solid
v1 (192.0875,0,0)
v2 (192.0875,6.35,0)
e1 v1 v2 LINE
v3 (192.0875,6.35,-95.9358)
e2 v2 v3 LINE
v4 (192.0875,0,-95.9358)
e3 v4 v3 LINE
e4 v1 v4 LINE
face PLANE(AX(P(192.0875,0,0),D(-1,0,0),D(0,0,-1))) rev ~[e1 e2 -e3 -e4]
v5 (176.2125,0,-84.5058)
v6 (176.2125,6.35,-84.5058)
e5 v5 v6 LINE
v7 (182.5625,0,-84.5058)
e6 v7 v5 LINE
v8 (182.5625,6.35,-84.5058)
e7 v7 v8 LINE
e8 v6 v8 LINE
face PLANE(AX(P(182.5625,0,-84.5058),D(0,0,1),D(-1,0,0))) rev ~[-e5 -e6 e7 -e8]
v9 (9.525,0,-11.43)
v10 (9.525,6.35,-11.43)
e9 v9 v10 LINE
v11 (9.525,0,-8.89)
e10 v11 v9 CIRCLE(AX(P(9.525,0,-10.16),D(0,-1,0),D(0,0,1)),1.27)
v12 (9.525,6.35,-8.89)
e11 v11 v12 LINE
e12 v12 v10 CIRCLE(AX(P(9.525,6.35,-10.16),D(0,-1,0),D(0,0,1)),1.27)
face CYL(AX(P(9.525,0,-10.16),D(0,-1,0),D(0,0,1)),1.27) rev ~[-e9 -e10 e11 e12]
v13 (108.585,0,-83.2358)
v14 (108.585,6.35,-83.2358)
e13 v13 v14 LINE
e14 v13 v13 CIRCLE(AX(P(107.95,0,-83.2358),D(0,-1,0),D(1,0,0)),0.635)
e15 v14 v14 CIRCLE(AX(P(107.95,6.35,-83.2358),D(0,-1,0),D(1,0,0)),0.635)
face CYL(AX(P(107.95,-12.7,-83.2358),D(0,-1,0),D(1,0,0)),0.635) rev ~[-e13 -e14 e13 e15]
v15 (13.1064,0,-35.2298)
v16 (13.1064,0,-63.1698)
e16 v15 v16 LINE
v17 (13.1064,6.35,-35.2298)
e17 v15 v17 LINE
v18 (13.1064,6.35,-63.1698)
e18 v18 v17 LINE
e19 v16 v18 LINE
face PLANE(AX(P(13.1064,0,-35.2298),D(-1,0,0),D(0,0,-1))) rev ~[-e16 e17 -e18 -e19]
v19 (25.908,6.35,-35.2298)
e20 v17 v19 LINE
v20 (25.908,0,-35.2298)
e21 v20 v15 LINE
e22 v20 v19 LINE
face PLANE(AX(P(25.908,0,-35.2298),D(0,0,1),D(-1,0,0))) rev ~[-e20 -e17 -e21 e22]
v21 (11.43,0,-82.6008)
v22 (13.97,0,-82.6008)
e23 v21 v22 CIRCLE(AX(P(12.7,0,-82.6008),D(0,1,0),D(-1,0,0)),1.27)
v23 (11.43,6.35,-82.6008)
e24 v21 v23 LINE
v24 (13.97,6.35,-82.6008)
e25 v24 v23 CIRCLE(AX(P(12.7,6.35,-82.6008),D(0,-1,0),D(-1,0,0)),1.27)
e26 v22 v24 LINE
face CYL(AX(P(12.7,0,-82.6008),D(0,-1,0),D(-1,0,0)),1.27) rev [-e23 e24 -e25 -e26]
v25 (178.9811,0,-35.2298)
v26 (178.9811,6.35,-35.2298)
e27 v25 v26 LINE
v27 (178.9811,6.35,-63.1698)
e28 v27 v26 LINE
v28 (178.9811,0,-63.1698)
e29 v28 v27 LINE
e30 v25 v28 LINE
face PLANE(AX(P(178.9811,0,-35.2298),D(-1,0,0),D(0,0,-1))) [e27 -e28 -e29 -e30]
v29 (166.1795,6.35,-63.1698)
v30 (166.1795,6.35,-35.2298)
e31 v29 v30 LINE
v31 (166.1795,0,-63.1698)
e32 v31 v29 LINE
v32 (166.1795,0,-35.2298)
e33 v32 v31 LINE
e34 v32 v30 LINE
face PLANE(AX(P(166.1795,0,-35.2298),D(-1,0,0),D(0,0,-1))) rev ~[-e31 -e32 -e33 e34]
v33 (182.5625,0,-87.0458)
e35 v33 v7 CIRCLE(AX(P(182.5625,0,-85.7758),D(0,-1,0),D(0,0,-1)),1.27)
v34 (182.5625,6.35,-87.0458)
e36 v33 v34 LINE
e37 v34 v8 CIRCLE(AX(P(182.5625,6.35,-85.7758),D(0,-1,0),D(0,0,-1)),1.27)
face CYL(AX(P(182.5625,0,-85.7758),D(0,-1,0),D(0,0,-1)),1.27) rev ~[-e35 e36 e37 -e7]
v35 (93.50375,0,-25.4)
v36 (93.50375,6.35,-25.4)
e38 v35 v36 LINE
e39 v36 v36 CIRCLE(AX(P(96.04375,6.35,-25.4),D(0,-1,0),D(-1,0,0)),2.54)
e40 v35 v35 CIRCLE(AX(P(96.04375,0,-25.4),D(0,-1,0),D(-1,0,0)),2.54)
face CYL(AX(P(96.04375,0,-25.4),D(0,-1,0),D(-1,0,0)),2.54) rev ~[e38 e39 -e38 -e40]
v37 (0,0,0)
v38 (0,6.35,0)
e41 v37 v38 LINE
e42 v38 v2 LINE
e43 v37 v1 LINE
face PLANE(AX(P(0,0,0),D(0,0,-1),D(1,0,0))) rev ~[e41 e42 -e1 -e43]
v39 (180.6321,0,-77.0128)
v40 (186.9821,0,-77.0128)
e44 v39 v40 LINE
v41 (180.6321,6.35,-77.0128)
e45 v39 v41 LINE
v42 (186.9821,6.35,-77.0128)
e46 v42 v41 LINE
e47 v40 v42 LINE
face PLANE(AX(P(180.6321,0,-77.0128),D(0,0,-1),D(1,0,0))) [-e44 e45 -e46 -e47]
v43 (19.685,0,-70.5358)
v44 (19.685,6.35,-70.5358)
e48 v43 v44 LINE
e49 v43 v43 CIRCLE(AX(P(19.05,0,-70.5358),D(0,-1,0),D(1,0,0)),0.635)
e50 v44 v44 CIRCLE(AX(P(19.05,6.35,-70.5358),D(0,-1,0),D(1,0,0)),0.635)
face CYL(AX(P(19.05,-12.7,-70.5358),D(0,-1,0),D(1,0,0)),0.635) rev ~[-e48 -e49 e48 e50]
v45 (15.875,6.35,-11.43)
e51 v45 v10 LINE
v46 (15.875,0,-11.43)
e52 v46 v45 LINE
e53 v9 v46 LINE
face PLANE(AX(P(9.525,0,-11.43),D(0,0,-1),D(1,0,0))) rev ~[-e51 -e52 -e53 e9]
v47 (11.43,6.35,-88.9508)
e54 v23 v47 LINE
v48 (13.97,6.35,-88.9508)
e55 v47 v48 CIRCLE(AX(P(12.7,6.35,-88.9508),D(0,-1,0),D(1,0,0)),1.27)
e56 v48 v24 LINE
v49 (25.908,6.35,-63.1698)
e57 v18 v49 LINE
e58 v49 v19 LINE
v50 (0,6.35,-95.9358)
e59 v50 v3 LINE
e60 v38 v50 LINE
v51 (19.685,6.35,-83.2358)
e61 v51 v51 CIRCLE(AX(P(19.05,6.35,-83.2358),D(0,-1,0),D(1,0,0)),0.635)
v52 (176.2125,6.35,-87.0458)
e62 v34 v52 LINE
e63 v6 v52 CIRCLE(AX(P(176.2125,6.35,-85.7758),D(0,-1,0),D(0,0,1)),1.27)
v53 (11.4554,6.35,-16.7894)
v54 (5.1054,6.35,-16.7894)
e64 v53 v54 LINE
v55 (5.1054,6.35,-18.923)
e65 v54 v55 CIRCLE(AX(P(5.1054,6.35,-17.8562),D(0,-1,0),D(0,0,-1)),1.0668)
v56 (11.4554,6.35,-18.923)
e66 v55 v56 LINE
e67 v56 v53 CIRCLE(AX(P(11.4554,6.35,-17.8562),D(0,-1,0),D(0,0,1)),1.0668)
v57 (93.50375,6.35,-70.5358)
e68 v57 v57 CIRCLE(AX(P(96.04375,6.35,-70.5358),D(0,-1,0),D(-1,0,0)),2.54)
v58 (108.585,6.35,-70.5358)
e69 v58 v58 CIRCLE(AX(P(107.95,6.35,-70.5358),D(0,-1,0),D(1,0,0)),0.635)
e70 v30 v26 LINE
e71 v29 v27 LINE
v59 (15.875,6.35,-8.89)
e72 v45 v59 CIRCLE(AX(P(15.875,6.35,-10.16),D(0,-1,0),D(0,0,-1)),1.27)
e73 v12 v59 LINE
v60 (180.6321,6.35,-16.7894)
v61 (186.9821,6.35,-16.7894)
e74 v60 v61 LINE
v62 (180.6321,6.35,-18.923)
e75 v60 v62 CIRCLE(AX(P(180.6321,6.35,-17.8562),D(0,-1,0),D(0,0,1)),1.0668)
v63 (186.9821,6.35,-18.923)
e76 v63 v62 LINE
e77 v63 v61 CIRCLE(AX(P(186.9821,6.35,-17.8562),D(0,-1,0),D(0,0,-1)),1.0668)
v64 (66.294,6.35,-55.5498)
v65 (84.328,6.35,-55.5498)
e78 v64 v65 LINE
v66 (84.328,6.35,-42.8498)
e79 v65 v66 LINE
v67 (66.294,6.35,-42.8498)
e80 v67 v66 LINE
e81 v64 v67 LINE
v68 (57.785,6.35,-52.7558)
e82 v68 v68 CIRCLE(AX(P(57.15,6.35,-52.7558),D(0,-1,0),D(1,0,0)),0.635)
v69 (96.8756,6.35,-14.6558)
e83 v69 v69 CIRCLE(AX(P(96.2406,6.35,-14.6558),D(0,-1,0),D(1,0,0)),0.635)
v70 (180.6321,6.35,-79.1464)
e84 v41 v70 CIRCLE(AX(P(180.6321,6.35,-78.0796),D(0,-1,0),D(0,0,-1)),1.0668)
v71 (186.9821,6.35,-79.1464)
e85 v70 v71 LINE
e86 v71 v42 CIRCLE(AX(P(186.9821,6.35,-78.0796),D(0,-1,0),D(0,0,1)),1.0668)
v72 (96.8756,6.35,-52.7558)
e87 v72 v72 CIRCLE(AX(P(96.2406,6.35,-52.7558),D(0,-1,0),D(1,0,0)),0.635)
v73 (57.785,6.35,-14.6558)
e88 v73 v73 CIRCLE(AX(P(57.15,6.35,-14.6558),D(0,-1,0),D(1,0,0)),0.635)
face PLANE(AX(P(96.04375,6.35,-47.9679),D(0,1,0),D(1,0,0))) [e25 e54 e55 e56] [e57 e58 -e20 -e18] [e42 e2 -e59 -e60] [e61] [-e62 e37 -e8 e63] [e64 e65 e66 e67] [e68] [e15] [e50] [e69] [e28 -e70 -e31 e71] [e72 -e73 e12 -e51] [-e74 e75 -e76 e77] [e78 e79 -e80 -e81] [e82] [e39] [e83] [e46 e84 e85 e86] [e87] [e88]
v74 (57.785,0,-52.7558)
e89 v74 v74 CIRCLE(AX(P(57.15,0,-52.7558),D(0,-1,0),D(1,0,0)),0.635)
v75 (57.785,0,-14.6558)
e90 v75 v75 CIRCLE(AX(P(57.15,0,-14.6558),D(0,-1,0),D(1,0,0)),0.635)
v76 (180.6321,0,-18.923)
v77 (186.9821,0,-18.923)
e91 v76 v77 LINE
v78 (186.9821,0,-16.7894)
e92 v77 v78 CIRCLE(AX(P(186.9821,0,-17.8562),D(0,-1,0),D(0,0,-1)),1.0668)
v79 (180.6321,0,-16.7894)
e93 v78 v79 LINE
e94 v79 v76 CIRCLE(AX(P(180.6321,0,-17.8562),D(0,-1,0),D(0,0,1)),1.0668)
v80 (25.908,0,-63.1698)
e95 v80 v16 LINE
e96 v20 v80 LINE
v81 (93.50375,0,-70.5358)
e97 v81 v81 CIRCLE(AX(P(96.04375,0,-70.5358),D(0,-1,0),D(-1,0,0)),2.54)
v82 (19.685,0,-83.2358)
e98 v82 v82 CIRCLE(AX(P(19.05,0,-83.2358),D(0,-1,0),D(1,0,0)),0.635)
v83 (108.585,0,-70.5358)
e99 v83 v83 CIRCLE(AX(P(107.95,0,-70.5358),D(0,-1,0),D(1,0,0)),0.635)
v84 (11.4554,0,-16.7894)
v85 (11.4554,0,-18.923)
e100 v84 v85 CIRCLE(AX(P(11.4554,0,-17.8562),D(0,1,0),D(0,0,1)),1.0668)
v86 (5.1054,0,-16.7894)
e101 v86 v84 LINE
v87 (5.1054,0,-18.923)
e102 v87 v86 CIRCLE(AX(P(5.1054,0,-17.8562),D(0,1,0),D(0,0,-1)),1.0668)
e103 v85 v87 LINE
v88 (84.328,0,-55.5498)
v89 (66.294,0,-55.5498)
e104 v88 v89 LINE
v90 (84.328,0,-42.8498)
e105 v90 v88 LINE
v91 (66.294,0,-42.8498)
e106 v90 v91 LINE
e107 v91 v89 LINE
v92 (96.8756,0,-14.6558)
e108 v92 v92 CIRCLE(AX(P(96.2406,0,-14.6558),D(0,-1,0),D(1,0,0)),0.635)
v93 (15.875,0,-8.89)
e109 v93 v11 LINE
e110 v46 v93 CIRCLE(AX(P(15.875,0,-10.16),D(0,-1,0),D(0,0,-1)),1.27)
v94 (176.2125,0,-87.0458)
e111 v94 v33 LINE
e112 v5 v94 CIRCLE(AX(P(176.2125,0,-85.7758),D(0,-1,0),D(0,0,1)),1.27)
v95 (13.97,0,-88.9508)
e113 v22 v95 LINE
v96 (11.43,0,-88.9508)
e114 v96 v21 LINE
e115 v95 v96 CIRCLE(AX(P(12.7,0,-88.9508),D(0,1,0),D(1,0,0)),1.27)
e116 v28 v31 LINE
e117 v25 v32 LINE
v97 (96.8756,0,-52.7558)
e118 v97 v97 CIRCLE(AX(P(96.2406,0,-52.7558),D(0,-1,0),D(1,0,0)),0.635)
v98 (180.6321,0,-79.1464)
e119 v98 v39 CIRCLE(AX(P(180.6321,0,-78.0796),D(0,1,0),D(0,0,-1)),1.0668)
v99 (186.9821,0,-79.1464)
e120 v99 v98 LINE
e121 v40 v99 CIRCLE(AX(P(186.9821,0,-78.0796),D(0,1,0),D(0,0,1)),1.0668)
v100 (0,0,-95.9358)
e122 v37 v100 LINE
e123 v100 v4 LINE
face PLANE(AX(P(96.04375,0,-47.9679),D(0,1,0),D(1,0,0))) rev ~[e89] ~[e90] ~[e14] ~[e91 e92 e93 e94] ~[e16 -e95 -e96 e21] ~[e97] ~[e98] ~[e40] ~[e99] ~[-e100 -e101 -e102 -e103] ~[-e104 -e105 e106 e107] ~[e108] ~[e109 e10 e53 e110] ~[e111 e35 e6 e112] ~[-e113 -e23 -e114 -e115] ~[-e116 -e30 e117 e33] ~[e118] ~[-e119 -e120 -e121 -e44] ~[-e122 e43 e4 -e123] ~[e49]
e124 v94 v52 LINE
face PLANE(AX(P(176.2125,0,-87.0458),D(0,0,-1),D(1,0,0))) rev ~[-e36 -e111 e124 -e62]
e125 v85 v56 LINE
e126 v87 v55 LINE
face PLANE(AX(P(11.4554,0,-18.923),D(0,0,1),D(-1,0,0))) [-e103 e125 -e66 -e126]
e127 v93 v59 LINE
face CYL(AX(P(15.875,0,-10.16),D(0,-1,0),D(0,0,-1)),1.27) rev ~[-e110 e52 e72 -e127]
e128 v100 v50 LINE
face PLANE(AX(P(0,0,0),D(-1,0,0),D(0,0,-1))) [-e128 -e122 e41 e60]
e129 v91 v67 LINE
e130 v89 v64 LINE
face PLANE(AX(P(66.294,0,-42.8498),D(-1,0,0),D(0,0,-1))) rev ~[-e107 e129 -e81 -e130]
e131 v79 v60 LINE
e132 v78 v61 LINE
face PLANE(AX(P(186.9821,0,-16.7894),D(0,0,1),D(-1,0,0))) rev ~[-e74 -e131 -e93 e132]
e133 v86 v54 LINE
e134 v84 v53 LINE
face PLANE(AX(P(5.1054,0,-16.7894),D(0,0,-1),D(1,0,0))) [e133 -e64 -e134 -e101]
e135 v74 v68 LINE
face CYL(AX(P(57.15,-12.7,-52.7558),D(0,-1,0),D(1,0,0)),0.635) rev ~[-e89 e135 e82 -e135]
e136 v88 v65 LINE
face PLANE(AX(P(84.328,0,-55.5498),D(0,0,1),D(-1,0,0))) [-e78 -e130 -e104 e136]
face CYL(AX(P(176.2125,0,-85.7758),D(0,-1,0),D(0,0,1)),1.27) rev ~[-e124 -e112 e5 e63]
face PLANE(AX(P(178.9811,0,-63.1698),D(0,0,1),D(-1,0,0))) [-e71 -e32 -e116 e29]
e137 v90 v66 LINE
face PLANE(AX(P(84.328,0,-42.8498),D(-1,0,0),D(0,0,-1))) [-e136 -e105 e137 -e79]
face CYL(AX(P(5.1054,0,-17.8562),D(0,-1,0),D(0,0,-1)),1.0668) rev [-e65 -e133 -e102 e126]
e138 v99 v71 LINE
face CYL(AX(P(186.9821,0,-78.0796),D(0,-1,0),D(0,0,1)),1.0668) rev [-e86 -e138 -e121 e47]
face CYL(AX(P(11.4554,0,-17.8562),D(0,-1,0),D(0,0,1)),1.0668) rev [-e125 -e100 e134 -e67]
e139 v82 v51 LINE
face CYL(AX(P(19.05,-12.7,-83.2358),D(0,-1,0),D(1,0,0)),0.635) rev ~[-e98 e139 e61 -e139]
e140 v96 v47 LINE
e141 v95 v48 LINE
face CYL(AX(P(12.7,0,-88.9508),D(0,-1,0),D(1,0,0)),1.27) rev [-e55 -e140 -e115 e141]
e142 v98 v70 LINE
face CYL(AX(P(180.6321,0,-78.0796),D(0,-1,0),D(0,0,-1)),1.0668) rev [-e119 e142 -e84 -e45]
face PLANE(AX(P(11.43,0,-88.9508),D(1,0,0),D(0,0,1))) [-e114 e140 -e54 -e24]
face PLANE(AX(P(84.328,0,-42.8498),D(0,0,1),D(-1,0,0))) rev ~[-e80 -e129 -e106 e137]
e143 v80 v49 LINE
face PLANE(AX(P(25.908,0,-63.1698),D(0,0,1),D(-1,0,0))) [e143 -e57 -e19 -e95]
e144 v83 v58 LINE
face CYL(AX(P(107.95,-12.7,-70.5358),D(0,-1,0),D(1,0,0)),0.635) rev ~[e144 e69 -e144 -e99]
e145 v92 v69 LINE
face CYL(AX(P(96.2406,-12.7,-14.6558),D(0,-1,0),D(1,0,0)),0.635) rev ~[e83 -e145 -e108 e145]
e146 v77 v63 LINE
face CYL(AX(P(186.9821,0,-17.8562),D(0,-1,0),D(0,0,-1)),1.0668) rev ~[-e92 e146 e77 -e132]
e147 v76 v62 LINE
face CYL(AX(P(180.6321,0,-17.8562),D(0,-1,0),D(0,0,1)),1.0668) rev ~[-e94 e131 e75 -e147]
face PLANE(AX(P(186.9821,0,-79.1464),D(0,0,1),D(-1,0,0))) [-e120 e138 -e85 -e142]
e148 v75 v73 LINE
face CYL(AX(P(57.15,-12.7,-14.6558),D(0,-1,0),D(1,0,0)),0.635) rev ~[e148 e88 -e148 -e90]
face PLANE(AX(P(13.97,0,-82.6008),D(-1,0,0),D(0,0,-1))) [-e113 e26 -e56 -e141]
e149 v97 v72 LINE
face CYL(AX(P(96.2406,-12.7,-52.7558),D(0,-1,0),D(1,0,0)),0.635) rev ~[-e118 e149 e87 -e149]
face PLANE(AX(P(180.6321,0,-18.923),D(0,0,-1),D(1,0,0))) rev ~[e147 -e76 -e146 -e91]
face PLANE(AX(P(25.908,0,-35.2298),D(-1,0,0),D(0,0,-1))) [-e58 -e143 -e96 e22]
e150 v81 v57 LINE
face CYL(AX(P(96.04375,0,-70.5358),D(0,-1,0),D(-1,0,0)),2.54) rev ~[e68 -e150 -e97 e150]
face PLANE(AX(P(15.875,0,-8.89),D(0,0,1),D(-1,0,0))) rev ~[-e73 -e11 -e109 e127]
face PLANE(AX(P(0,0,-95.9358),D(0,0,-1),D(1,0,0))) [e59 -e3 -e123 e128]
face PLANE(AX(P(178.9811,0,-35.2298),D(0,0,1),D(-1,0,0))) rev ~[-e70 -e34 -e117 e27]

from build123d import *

# Parameters (mm, degrees)
SKETCH1_W           = 192.0875
SKETCH1_H           = 95.9358
BOSS_EXTRUDE1_DEPTH = 6.35
SKETCH8_R           = 0.635
CUT_EXTRUDE2_DEPTH  = 20.05
SKETCH3_R           = 2.54
SKETCH3_W           = 12.8016
SKETCH3_H           = 27.94
SKETCH3_W_2         = 18.034
SKETCH3_H_2         = 12.7
CUT_EXTRUDE3_DEPTH  = 7.35


with BuildPart() as part:
    # Sketch1 → Boss-Extrude1 (new body)
    with BuildSketch(Plane(origin=(0, 0, 0), x_dir=(1, 0, 0), z_dir=(0, 1, 0))):
        with Locations((96.04375, 47.9679)):
            Rectangle(SKETCH1_W, SKETCH1_H)
    extrude(amount=BOSS_EXTRUDE1_DEPTH)

    # Sketch8 → Cut-Extrude2 (cut, through all)
    with BuildSketch(Plane.XZ.offset(12.7)):
        with Locations((19.05, 5.6642)):
            Circle(SKETCH8_R)
        with Locations((19.05, 18.3642)):
            Circle(SKETCH8_R)
        with Locations((19.05, -70.5358)):
            Circle(SKETCH8_R)
        with Locations((19.05, -83.2358)):
            Circle(SKETCH8_R)
        with Locations((57.15, -52.7558)):
            Circle(SKETCH8_R)
        with Locations((57.15, -14.6558)):
            Circle(SKETCH8_R)
        with Locations((96.2406, -14.6558)):
            Circle(SKETCH8_R)
        with Locations((96.2406, -52.7558)):
            Circle(SKETCH8_R)
        with Locations((107.95, -83.2358)):
            Circle(SKETCH8_R)
        with Locations((107.95, -70.5358)):
            Circle(SKETCH8_R)
        with Locations((107.95, 5.6642)):
            Circle(SKETCH8_R)
        with Locations((107.95, 18.3642)):
            Circle(SKETCH8_R)
    extrude(amount=-CUT_EXTRUDE2_DEPTH, mode=Mode.SUBTRACT)

    # Sketch3 → Cut-Extrude3 (cut, through all)
    with BuildSketch(Plane(origin=(0, 0, 0), x_dir=(-1, 0, 0), z_dir=(0, -1, 0))):
        with Locations((-96.04375, 25.4)):
            Circle(SKETCH3_R)
        with Locations((-96.04375, 70.5358)):
            Circle(SKETCH3_R)
        with BuildLine():
            Line((-11.43, 88.9508), (-11.43, 82.6008))
            ThreePointArc((-11.43, 82.6008), (-12.7, 81.3308), (-13.97, 82.6008))
            Line((-13.97, 82.6008), (-13.97, 88.9508))
            ThreePointArc((-13.97, 88.9508), (-12.7, 90.2208), (-11.43, 88.9508))
        make_face()
        with BuildLine():
            Line((-182.5625, 84.5058), (-176.2125, 84.5058))
            ThreePointArc((-176.2125, 84.5058), (-174.9425, 85.7758), (-176.2125, 87.0458))
            Line((-176.2125, 87.0458), (-182.5625, 87.0458))
            ThreePointArc((-182.5625, 87.0458), (-183.8325, 85.7758), (-182.5625, 84.5058))
        make_face()
        with BuildLine():
            Line((-9.525, 11.43), (-15.875, 11.43))
            ThreePointArc((-15.875, 11.43), (-17.145, 10.16), (-15.875, 8.89))
            Line((-15.875, 8.89), (-9.525, 8.89))
            ThreePointArc((-9.525, 8.89), (-8.255, 10.16), (-9.525, 11.43))
        make_face()
        with BuildLine():
            Line((-5.1054, 16.7894), (-11.4554, 16.7894))
            ThreePointArc((-11.4554, 16.7894), (-12.5222, 17.8562), (-11.4554, 18.923))
            Line((-11.4554, 18.923), (-5.1054, 18.923))
            ThreePointArc((-5.1054, 18.923), (-4.0386, 17.8562), (-5.1054, 16.7894))
        make_face()
        with BuildLine():
            Line((-186.9821, 16.7894), (-180.6321, 16.7894))
            ThreePointArc((-180.6321, 16.7894), (-179.5653, 17.8562), (-180.6321, 18.923))
            Line((-180.6321, 18.923), (-186.9821, 18.923))
            ThreePointArc((-186.9821, 18.923), (-188.0489, 17.8562), (-186.9821, 16.7894))
        make_face()
        with Locations((-172.5803, 49.1998)):
            Rectangle(SKETCH3_W, SKETCH3_H)
        with Locations((-19.5072, 49.1998)):
            Rectangle(SKETCH3_W, SKETCH3_H)
        with BuildLine():
            Line((-186.9821, 79.1464), (-180.6321, 79.1464))
            ThreePointArc((-180.6321, 79.1464), (-179.5653, 78.0796), (-180.6321, 77.0128))
            Line((-180.6321, 77.0128), (-186.9821, 77.0128))
            ThreePointArc((-186.9821, 77.0128), (-188.0489, 78.0796), (-186.9821, 79.1464))
        make_face()
        with Locations((-75.311, 49.1998)):
            Rectangle(SKETCH3_W_2, SKETCH3_H_2)
    extrude(amount=-CUT_EXTRUDE3_DEPTH, mode=Mode.SUBTRACT)


solid = part.part
